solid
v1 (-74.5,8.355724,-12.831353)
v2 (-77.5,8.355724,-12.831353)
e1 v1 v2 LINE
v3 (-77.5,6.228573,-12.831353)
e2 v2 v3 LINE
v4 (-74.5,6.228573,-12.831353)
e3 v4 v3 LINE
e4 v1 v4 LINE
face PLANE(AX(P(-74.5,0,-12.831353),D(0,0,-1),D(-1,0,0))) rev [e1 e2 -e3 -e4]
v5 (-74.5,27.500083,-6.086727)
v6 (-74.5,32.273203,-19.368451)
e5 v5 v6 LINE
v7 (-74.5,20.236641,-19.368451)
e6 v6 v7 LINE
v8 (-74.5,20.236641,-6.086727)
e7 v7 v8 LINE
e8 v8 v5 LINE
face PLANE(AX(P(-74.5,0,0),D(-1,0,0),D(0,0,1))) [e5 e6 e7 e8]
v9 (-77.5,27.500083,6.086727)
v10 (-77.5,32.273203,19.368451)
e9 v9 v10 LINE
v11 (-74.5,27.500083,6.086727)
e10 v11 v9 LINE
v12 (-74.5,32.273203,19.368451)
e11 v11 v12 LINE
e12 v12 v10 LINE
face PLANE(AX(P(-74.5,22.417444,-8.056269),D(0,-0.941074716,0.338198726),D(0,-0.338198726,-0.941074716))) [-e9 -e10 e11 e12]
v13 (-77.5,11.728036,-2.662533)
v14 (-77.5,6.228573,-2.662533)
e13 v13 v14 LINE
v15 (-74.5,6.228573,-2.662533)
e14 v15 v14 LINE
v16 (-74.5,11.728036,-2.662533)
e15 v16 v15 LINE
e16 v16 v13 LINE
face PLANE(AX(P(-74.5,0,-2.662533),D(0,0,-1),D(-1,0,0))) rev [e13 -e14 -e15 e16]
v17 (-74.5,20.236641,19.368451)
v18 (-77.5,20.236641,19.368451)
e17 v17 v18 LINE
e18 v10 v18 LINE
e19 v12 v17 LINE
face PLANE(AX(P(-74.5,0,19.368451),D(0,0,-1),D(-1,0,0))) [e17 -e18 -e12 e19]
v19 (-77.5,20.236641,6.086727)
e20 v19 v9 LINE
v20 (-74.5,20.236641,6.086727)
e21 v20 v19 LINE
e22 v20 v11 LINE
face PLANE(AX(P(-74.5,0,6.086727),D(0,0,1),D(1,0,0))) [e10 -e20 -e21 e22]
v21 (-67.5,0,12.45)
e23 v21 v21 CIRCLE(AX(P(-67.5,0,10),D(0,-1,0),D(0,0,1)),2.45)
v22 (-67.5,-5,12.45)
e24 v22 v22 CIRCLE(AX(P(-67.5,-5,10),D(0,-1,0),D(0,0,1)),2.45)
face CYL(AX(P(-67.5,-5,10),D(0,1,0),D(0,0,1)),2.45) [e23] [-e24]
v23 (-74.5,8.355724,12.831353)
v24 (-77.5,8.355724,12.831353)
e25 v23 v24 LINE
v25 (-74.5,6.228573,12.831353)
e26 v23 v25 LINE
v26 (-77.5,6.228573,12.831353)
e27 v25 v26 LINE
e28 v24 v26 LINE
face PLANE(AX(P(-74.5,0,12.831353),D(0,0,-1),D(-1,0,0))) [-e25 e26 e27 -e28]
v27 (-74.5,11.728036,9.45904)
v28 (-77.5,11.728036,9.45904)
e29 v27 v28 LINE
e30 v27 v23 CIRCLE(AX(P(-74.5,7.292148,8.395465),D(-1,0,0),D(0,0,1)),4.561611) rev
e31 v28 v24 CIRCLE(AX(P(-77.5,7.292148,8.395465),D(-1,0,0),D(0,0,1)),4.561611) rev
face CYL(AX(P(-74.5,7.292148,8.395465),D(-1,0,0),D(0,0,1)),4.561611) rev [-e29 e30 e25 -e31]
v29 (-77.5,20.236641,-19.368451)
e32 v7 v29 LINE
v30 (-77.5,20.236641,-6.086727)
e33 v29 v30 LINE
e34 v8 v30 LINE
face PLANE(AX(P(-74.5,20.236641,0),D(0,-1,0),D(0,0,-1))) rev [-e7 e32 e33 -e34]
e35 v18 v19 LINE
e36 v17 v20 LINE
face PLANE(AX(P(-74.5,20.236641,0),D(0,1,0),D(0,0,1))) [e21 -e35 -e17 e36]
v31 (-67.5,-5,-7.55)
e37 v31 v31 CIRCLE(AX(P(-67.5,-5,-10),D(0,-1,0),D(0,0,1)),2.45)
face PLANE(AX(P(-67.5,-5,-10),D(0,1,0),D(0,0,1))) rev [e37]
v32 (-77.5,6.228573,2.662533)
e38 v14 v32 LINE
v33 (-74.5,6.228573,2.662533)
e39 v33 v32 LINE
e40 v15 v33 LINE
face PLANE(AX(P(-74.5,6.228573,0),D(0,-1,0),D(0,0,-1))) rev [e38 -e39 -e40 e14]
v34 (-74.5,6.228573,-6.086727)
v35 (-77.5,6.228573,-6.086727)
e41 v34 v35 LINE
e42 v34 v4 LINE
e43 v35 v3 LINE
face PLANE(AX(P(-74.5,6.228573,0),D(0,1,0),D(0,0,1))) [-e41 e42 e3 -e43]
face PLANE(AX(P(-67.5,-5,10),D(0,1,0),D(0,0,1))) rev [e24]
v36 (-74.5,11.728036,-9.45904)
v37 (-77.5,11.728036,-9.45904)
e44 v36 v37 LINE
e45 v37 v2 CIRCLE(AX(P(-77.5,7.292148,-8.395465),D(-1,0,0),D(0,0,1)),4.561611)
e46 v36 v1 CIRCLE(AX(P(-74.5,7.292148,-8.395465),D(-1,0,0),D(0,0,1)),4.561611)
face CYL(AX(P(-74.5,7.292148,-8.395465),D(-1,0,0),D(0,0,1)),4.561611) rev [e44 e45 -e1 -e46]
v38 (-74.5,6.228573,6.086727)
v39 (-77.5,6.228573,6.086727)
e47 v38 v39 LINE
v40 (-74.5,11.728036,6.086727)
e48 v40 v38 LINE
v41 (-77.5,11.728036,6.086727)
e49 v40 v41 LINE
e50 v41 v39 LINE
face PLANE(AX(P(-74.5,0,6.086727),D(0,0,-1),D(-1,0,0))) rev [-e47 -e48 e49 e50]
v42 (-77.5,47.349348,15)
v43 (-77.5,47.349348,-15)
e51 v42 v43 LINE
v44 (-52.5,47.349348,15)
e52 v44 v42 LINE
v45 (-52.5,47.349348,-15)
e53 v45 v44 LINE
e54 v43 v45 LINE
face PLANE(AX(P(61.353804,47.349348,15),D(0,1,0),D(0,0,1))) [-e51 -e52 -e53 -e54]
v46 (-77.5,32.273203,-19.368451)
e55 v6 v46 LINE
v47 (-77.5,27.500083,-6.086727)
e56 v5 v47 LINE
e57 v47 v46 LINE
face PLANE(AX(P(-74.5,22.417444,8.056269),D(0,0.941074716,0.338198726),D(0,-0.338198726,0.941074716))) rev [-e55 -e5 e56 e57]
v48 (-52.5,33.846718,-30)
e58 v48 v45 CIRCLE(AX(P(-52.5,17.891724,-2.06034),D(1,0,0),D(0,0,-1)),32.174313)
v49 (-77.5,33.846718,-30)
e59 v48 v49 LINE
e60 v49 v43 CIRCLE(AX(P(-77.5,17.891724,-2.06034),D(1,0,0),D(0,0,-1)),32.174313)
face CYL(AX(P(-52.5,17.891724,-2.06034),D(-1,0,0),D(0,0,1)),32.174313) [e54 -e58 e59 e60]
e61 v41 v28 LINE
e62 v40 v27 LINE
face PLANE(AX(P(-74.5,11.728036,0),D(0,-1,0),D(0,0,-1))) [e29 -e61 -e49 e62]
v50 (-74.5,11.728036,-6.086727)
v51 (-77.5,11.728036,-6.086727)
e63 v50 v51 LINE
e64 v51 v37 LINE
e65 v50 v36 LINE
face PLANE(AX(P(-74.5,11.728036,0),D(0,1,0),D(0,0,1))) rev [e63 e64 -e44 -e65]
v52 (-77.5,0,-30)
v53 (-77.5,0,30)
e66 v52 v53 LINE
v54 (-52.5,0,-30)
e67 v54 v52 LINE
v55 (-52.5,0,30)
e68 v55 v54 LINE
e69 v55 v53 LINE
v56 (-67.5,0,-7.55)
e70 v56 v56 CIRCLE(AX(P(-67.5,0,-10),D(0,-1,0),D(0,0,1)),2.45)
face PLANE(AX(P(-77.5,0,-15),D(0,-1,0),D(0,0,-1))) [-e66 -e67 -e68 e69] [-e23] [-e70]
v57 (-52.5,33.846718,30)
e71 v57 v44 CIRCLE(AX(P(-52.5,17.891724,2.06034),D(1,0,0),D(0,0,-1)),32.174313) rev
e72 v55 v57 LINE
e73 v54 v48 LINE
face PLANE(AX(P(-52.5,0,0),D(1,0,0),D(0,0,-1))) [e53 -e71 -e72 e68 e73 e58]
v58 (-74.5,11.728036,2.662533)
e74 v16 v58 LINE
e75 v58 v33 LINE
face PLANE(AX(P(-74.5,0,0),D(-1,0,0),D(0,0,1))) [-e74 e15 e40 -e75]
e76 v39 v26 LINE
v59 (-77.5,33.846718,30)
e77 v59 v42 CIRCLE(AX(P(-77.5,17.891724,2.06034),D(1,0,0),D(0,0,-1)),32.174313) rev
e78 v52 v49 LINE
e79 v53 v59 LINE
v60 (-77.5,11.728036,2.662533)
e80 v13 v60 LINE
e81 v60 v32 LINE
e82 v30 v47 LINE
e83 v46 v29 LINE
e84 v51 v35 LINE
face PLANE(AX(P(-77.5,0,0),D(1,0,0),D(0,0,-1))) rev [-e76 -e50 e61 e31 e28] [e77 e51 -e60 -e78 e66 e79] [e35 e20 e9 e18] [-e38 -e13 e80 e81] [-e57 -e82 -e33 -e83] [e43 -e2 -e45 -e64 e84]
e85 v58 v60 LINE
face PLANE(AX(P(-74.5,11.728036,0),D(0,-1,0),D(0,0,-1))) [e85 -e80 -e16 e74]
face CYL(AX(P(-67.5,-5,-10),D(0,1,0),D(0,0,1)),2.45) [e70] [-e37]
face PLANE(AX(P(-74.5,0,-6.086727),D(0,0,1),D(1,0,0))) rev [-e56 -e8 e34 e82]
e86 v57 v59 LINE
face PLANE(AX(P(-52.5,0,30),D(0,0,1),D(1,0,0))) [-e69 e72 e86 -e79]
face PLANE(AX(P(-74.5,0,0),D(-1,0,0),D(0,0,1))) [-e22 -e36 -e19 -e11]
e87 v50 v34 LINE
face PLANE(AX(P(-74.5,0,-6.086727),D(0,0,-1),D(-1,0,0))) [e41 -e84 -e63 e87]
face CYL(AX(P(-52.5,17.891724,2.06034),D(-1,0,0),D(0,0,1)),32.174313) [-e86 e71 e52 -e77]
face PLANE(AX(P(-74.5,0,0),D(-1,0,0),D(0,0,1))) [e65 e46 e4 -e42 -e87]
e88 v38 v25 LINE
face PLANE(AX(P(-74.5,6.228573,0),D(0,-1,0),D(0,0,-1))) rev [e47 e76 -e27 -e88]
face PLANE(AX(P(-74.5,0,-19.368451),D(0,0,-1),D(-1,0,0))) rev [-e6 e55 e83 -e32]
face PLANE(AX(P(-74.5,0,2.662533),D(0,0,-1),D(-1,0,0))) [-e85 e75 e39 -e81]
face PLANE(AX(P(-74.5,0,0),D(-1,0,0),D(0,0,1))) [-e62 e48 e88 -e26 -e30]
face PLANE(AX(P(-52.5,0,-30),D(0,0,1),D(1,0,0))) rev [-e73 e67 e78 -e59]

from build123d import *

# Parameters (mm, degrees)
BOSS_EXTRUDE1_DEPTH      = 15
BOSS_EXTRUDE1_DEPTH_BACK = 15
SKETCH2_R                = 2.45
BOSS_EXTRUDE2_DEPTH      = 5
CUT_EXTRUDE1_DEPTH       = 114.633181774
BOSS_EXTRUDE3_DEPTH      = 25
SKETCH5_W                = 5.325066076
SKETCH5_H                = 5.499463709
CUT_EXTRUDE2_DEPTH       = 3
SKETCH6_W                = 135.823798811
SKETCH6_H                = 59.856144922
CUT_EXTRUDE3_DEPTH       = 119.47995628
SKETCH7_W                = 30
SKETCH7_H                = 30.150652204
CUT_EXTRUDE6_DEPTH       = 162.822831918


with BuildPart() as part:
    # Sketch1 → Boss-Extrude1 (new, two sides: drawn at the far end of the back side and taken through both)
    with BuildSketch(Plane.XY.offset(-BOSS_EXTRUDE1_DEPTH_BACK)):
        with BuildLine():
            Line((-77.5, 0), (77.5, 0))
            ThreePointArc((77.5, 0), (0, 77.5), (-77.5, 0))
        make_face()
    extrude(amount=BOSS_EXTRUDE1_DEPTH + BOSS_EXTRUDE1_DEPTH_BACK)

    # Sketch2 → Boss-Extrude2 (add)
    with BuildSketch(Plane.XZ):
        with Locations((67.5, 10)):
            Circle(SKETCH2_R)
        with Locations((67.5, -10)):
            Circle(SKETCH2_R)
        with Locations((-67.5, -10)):
            Circle(SKETCH2_R)
        with Locations((-67.5, 10)):
            Circle(SKETCH2_R)
    extrude(amount=BOSS_EXTRUDE2_DEPTH)

    # Sketch3 → Cut-Extrude1 (cut, through all)
    with BuildSketch(Plane.XY.offset(15)):
        with BuildLine():
            Line((-53.909646632, 20), (53.909646632, 20))
            ThreePointArc((53.909646632, 20), (0, -57.5), (-53.909646632, 20))
        make_face()
    extrude(amount=-CUT_EXTRUDE1_DEPTH, mode=Mode.SUBTRACT)

    # Sketch4 → Boss-Extrude3 (add)
    with BuildSketch(Plane(origin=(-77.5, 0, 0), x_dir=(0, 0, -1), z_dir=(1, 0, 0))):
        with BuildLine():
            Line((-30, 0), (30, 0))
            Line((30, 0), (30, 33.846717608))
            ThreePointArc((30, 33.846717608), (17.313763728, 46.220498553), (0, 50))
            ThreePointArc((0, 50), (-17.313763728, 46.220498553), (-30, 33.846717608))
            Line((-30, 33.846717608), (-30, 0))
        make_face()
    extrude(amount=BOSS_EXTRUDE3_DEPTH)

    # Sketch5 → Cut-Extrude2 (cut)
    with BuildSketch(Plane.ZY.offset(77.5)):
        Polygon((19.368451097, 32.27320265), (6.086727423, 27.500083204), (6.086727423, 20.23664057), (19.368451097, 20.23664057), align=None)
        with BuildLine():
            ThreePointArc((-9.459040074, 11.728036341), (-11.621010767, 10.517694382), (-12.831352726, 8.35572369))
            Line((-12.831352726, 8.35572369), (-12.831352726, 6.228572632))
            Line((-12.831352726, 6.228572632), (-6.086727423, 6.228572632))
            Line((-6.086727423, 6.228572632), (-6.086727423, 11.728036341))
            Line((-6.086727423, 11.728036341), (-9.459040074, 11.728036341))
        make_face()
        with Locations((0, 8.978304487)):
            Rectangle(SKETCH5_W, SKETCH5_H)
        with BuildLine():
            Line((9.459040074, 11.728036341), (6.086727423, 11.728036341))
            Line((6.086727423, 11.728036341), (6.086727423, 6.228572632))
            Line((6.086727423, 6.228572632), (12.831352726, 6.228572632))
            Line((12.831352726, 6.228572632), (12.831352726, 8.35572369))
            ThreePointArc((12.831352726, 8.35572369), (11.621010767, 10.517694382), (9.459040074, 11.728036341))
        make_face()
        Polygon((-19.368451097, 20.23664057), (-6.086727423, 20.23664057), (-6.086727423, 27.500083204), (-19.368451097, 32.27320265), align=None)
    extrude(amount=-CUT_EXTRUDE2_DEPTH, mode=Mode.SUBTRACT)

    # Sketch6 → Cut-Extrude3 (cut, through all)
    with BuildSketch(Plane.XY.offset(15)):
        with Locations((15.411899406, 17.421275335)):
            Rectangle(SKETCH6_W, SKETCH6_H)
    extrude(amount=-CUT_EXTRUDE3_DEPTH, mode=Mode.SUBTRACT)

    # Sketch7 → Cut-Extrude6 (cut, through all)
    with BuildSketch(Plane(origin=(-77.5, 0, 0), x_dir=(0, 0, -1), z_dir=(1, 0, 0))):
        with Locations((0, 62.424673898)):
            Rectangle(SKETCH7_W, SKETCH7_H)
    extrude(amount=CUT_EXTRUDE6_DEPTH, mode=Mode.SUBTRACT)


solid = part.part
